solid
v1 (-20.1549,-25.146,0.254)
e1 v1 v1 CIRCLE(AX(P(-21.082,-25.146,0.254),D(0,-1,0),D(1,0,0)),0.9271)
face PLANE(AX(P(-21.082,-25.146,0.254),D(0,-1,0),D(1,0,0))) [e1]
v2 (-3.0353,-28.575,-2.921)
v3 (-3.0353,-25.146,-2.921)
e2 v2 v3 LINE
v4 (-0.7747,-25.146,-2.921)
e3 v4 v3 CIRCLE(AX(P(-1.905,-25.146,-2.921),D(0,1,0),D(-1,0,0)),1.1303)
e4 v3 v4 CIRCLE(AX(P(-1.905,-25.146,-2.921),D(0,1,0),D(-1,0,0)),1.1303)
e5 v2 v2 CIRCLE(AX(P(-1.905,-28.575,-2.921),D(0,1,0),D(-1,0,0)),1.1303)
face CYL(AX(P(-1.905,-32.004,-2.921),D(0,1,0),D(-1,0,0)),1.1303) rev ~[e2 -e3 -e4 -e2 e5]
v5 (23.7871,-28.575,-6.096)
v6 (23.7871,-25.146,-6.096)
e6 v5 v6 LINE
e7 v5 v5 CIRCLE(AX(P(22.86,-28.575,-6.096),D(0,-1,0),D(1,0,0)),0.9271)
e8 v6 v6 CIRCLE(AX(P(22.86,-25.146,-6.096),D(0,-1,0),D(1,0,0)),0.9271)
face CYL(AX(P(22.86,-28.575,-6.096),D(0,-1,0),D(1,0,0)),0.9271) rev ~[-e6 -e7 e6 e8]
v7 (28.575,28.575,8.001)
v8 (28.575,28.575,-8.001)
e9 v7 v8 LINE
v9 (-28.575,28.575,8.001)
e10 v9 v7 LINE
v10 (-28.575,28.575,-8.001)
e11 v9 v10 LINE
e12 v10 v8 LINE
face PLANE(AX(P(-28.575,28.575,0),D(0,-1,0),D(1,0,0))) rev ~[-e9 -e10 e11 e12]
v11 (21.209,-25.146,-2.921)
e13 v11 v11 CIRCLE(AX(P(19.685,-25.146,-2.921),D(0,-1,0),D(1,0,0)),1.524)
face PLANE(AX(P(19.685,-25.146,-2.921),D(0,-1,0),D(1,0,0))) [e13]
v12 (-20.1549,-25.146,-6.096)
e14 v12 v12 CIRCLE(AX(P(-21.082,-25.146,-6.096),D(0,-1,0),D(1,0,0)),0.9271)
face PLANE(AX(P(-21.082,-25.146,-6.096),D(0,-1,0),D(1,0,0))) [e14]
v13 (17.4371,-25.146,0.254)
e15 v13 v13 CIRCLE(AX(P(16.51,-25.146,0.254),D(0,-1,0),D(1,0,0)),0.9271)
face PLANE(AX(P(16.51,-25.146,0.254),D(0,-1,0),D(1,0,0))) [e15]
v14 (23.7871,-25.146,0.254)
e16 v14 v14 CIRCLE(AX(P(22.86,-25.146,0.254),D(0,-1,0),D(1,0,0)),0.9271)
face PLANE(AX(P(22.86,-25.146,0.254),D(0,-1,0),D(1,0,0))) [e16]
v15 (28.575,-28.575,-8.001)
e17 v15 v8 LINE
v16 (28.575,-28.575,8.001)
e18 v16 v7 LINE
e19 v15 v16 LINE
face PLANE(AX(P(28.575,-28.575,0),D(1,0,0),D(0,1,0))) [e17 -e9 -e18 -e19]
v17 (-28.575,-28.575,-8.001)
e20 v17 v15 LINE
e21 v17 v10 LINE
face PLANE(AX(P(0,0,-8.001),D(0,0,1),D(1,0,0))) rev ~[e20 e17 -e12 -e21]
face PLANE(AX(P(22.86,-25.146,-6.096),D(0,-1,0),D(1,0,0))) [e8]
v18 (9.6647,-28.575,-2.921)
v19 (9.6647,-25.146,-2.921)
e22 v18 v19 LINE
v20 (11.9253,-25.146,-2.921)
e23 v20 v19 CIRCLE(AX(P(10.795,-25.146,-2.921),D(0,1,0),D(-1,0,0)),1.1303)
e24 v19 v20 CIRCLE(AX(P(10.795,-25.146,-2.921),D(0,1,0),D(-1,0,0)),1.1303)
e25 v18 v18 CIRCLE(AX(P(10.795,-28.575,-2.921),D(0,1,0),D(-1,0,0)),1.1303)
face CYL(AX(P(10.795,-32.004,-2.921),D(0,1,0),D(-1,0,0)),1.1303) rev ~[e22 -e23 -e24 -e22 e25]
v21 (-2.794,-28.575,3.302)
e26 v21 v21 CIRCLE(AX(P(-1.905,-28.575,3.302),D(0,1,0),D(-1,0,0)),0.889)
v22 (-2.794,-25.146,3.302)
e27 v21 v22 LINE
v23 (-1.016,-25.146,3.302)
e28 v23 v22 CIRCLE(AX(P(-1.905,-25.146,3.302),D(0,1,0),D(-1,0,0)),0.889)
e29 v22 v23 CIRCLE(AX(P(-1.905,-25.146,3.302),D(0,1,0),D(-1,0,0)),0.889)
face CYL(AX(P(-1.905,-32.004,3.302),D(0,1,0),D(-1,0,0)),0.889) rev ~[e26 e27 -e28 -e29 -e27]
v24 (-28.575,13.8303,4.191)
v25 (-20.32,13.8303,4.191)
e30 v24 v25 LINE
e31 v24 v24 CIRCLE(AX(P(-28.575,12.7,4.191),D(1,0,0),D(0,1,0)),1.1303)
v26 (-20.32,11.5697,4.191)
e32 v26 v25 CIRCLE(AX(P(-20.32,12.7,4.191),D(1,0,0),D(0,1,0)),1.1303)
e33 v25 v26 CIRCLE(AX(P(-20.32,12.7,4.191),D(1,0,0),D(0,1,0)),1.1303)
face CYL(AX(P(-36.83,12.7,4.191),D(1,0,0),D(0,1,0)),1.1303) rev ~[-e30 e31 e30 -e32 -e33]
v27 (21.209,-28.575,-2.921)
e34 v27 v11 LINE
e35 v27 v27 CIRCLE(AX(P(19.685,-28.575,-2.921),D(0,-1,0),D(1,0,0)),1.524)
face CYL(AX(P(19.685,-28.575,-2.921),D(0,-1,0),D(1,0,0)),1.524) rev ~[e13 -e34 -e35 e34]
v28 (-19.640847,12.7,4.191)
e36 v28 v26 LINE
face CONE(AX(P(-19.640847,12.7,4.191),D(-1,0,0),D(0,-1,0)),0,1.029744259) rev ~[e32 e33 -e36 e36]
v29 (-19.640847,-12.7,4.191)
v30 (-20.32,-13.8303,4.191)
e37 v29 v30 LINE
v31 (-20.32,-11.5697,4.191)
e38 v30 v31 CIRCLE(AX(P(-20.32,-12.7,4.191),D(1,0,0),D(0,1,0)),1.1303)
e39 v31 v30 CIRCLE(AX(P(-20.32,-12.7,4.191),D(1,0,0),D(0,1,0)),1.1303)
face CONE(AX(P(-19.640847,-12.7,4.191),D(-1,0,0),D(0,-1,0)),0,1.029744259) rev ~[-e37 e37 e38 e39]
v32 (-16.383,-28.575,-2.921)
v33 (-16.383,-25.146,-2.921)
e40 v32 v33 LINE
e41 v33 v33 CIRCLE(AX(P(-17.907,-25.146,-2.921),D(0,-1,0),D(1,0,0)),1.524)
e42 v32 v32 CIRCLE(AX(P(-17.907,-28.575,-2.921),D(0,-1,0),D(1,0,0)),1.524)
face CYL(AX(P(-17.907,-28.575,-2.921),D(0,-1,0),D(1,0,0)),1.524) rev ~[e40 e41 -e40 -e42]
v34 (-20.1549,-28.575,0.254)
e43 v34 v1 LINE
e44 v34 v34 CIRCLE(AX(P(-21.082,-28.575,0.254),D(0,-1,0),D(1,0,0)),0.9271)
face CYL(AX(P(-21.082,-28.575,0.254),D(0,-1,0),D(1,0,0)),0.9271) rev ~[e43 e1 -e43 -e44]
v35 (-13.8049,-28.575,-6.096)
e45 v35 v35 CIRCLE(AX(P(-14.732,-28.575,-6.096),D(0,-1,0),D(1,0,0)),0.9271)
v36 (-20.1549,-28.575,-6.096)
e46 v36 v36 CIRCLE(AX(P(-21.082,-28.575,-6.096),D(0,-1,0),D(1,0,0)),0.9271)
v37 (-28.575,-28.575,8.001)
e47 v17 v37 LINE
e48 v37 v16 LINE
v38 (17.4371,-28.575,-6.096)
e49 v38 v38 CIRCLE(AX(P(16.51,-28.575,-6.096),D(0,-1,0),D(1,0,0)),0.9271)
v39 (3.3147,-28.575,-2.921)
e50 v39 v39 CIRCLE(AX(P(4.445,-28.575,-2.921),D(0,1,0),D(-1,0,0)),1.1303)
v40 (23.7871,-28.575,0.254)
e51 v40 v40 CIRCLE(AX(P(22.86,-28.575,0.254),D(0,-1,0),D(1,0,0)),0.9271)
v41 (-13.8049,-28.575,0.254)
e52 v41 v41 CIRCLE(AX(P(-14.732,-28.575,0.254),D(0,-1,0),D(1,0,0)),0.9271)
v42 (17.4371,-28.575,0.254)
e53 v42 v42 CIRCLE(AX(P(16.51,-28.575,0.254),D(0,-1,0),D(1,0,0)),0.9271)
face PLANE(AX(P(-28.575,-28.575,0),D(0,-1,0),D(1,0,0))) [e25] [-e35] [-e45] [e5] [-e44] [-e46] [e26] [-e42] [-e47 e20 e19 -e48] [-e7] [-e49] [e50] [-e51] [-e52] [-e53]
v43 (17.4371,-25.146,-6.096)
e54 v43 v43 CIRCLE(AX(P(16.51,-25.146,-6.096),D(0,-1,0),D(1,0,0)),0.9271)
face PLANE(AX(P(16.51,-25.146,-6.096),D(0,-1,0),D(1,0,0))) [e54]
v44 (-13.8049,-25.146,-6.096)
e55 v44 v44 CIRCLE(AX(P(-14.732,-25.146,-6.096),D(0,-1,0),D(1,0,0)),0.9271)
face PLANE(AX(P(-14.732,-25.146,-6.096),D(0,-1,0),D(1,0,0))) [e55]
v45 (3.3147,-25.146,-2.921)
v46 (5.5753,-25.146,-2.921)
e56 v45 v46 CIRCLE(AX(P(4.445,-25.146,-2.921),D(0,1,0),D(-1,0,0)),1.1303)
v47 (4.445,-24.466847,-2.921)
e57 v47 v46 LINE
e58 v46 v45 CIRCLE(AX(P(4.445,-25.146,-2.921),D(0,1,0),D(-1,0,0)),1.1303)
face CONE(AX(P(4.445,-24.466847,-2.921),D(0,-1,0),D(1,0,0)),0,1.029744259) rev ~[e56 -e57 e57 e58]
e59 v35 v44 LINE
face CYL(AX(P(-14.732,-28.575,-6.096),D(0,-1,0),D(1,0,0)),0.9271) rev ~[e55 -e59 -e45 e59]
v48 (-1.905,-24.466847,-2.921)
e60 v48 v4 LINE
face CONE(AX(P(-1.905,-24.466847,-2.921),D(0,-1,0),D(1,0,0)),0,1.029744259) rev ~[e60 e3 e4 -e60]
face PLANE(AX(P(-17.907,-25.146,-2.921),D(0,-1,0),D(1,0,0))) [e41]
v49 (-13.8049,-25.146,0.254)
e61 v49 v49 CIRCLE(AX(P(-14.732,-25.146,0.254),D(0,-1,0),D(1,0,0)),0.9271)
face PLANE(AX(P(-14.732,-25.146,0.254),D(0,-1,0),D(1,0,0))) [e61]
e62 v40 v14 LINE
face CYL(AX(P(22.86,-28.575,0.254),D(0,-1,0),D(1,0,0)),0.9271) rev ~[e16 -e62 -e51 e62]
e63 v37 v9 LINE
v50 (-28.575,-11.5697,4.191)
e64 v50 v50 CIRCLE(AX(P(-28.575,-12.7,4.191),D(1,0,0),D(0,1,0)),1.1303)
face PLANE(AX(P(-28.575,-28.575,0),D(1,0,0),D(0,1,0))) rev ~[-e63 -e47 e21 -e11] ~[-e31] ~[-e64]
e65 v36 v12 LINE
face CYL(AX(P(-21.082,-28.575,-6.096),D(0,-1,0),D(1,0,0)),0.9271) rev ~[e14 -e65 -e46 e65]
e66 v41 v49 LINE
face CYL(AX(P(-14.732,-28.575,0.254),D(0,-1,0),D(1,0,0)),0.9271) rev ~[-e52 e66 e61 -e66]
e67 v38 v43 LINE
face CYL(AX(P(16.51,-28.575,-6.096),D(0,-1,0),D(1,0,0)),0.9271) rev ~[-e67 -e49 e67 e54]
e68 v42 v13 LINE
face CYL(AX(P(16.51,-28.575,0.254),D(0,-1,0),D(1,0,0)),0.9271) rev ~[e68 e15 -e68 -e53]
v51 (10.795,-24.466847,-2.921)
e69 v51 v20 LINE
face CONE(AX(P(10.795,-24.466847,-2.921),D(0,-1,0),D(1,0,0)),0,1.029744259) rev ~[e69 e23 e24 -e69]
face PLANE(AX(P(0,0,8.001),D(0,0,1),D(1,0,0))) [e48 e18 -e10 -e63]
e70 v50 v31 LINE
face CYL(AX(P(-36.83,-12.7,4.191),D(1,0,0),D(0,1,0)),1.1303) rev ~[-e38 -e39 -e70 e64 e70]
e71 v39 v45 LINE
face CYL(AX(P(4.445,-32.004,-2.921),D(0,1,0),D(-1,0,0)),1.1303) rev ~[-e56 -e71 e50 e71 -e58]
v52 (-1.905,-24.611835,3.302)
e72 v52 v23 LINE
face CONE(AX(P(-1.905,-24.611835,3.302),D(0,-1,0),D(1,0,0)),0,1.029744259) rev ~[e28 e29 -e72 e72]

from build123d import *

# Parameters (mm, degrees)
F0_W      = 57.15
F0_H      = 57.15
F1_DEPTH  = 8.001
F2_R      = 1.524
F3_DEPTH  = 3.429
F5_D      = 2.2606
F5_DEPTH  = 8.255
F5_TIP    = 0.6791527577
F6_R      = 0.9271
F7_DEPTH  = 3.429
F9_D      = 1.778
F9_DEPTH  = 3.429
F9_TIP    = 0.5341650903
F11_D     = 2.2606
F11_DEPTH = 3.429
F11_TIP   = 0.6791527577


with BuildPart() as f1:
    # F0 (on Top) → F1 (new body, symmetric)
    with BuildSketch(Plane.XY):
        Rectangle(F0_W, F0_H)
    extrude(amount=F1_DEPTH, both=True)

    # F2 (on face) → F3 (cut)
    with BuildSketch(Plane.XZ.offset(28.575)):
        with Locations((-17.907, -2.921)):
            Circle(F2_R)
        with Locations((19.685, -2.921)):
            Circle(F2_R)
    extrude(amount=-F3_DEPTH, mode=Mode.SUBTRACT)

    # F5
    with Locations(Plane(origin=(-28.575, 0, 0), x_dir=(0, -1, 0), z_dir=(-1, 0, 0))):
        with Locations((12.7, 4.191), (-12.7, 4.191)):
            Hole(F5_D / 2, depth=F5_DEPTH)
            with Locations((0, 0, -(F5_DEPTH + F5_TIP / 2))):  # 118° drill point
                Cone(0, F5_D / 2, F5_TIP, mode=Mode.SUBTRACT)

    # F6 (on face) → F7 (cut)
    with BuildSketch(Plane.XZ.offset(28.575)):
        with Locations((-21.082, 0.254)):
            Circle(F6_R)
        with Locations((-21.082, -6.096)):
            Circle(F6_R)
        with Locations((-14.732, 0.254)):
            Circle(F6_R)
        with Locations((-14.732, -6.096)):
            Circle(F6_R)
        with Locations((16.51, 0.254)):
            Circle(F6_R)
        with Locations((16.51, -6.096)):
            Circle(F6_R)
        with Locations((22.86, 0.254)):
            Circle(F6_R)
        with Locations((22.86, -6.096)):
            Circle(F6_R)
    extrude(amount=-F7_DEPTH, mode=Mode.SUBTRACT)

    # F9
    with Locations(Plane.XZ.offset(28.575)):
        with Locations((-1.905, 3.302)):
            Hole(F9_D / 2, depth=F9_DEPTH)
            with Locations((0, 0, -(F9_DEPTH + F9_TIP / 2))):  # 118° drill point
                Cone(0, F9_D / 2, F9_TIP, mode=Mode.SUBTRACT)

    # F11
    with Locations(Plane.XZ.offset(28.575)):
        with Locations((-1.905, -2.921), (4.445, -2.921), (10.795, -2.921)):
            Hole(F11_D / 2, depth=F11_DEPTH)
            with Locations((0, 0, -(F11_DEPTH + F11_TIP / 2))):  # 118° drill point
                Cone(0, F11_D / 2, F11_TIP, mode=Mode.SUBTRACT)


solid = f1.part
